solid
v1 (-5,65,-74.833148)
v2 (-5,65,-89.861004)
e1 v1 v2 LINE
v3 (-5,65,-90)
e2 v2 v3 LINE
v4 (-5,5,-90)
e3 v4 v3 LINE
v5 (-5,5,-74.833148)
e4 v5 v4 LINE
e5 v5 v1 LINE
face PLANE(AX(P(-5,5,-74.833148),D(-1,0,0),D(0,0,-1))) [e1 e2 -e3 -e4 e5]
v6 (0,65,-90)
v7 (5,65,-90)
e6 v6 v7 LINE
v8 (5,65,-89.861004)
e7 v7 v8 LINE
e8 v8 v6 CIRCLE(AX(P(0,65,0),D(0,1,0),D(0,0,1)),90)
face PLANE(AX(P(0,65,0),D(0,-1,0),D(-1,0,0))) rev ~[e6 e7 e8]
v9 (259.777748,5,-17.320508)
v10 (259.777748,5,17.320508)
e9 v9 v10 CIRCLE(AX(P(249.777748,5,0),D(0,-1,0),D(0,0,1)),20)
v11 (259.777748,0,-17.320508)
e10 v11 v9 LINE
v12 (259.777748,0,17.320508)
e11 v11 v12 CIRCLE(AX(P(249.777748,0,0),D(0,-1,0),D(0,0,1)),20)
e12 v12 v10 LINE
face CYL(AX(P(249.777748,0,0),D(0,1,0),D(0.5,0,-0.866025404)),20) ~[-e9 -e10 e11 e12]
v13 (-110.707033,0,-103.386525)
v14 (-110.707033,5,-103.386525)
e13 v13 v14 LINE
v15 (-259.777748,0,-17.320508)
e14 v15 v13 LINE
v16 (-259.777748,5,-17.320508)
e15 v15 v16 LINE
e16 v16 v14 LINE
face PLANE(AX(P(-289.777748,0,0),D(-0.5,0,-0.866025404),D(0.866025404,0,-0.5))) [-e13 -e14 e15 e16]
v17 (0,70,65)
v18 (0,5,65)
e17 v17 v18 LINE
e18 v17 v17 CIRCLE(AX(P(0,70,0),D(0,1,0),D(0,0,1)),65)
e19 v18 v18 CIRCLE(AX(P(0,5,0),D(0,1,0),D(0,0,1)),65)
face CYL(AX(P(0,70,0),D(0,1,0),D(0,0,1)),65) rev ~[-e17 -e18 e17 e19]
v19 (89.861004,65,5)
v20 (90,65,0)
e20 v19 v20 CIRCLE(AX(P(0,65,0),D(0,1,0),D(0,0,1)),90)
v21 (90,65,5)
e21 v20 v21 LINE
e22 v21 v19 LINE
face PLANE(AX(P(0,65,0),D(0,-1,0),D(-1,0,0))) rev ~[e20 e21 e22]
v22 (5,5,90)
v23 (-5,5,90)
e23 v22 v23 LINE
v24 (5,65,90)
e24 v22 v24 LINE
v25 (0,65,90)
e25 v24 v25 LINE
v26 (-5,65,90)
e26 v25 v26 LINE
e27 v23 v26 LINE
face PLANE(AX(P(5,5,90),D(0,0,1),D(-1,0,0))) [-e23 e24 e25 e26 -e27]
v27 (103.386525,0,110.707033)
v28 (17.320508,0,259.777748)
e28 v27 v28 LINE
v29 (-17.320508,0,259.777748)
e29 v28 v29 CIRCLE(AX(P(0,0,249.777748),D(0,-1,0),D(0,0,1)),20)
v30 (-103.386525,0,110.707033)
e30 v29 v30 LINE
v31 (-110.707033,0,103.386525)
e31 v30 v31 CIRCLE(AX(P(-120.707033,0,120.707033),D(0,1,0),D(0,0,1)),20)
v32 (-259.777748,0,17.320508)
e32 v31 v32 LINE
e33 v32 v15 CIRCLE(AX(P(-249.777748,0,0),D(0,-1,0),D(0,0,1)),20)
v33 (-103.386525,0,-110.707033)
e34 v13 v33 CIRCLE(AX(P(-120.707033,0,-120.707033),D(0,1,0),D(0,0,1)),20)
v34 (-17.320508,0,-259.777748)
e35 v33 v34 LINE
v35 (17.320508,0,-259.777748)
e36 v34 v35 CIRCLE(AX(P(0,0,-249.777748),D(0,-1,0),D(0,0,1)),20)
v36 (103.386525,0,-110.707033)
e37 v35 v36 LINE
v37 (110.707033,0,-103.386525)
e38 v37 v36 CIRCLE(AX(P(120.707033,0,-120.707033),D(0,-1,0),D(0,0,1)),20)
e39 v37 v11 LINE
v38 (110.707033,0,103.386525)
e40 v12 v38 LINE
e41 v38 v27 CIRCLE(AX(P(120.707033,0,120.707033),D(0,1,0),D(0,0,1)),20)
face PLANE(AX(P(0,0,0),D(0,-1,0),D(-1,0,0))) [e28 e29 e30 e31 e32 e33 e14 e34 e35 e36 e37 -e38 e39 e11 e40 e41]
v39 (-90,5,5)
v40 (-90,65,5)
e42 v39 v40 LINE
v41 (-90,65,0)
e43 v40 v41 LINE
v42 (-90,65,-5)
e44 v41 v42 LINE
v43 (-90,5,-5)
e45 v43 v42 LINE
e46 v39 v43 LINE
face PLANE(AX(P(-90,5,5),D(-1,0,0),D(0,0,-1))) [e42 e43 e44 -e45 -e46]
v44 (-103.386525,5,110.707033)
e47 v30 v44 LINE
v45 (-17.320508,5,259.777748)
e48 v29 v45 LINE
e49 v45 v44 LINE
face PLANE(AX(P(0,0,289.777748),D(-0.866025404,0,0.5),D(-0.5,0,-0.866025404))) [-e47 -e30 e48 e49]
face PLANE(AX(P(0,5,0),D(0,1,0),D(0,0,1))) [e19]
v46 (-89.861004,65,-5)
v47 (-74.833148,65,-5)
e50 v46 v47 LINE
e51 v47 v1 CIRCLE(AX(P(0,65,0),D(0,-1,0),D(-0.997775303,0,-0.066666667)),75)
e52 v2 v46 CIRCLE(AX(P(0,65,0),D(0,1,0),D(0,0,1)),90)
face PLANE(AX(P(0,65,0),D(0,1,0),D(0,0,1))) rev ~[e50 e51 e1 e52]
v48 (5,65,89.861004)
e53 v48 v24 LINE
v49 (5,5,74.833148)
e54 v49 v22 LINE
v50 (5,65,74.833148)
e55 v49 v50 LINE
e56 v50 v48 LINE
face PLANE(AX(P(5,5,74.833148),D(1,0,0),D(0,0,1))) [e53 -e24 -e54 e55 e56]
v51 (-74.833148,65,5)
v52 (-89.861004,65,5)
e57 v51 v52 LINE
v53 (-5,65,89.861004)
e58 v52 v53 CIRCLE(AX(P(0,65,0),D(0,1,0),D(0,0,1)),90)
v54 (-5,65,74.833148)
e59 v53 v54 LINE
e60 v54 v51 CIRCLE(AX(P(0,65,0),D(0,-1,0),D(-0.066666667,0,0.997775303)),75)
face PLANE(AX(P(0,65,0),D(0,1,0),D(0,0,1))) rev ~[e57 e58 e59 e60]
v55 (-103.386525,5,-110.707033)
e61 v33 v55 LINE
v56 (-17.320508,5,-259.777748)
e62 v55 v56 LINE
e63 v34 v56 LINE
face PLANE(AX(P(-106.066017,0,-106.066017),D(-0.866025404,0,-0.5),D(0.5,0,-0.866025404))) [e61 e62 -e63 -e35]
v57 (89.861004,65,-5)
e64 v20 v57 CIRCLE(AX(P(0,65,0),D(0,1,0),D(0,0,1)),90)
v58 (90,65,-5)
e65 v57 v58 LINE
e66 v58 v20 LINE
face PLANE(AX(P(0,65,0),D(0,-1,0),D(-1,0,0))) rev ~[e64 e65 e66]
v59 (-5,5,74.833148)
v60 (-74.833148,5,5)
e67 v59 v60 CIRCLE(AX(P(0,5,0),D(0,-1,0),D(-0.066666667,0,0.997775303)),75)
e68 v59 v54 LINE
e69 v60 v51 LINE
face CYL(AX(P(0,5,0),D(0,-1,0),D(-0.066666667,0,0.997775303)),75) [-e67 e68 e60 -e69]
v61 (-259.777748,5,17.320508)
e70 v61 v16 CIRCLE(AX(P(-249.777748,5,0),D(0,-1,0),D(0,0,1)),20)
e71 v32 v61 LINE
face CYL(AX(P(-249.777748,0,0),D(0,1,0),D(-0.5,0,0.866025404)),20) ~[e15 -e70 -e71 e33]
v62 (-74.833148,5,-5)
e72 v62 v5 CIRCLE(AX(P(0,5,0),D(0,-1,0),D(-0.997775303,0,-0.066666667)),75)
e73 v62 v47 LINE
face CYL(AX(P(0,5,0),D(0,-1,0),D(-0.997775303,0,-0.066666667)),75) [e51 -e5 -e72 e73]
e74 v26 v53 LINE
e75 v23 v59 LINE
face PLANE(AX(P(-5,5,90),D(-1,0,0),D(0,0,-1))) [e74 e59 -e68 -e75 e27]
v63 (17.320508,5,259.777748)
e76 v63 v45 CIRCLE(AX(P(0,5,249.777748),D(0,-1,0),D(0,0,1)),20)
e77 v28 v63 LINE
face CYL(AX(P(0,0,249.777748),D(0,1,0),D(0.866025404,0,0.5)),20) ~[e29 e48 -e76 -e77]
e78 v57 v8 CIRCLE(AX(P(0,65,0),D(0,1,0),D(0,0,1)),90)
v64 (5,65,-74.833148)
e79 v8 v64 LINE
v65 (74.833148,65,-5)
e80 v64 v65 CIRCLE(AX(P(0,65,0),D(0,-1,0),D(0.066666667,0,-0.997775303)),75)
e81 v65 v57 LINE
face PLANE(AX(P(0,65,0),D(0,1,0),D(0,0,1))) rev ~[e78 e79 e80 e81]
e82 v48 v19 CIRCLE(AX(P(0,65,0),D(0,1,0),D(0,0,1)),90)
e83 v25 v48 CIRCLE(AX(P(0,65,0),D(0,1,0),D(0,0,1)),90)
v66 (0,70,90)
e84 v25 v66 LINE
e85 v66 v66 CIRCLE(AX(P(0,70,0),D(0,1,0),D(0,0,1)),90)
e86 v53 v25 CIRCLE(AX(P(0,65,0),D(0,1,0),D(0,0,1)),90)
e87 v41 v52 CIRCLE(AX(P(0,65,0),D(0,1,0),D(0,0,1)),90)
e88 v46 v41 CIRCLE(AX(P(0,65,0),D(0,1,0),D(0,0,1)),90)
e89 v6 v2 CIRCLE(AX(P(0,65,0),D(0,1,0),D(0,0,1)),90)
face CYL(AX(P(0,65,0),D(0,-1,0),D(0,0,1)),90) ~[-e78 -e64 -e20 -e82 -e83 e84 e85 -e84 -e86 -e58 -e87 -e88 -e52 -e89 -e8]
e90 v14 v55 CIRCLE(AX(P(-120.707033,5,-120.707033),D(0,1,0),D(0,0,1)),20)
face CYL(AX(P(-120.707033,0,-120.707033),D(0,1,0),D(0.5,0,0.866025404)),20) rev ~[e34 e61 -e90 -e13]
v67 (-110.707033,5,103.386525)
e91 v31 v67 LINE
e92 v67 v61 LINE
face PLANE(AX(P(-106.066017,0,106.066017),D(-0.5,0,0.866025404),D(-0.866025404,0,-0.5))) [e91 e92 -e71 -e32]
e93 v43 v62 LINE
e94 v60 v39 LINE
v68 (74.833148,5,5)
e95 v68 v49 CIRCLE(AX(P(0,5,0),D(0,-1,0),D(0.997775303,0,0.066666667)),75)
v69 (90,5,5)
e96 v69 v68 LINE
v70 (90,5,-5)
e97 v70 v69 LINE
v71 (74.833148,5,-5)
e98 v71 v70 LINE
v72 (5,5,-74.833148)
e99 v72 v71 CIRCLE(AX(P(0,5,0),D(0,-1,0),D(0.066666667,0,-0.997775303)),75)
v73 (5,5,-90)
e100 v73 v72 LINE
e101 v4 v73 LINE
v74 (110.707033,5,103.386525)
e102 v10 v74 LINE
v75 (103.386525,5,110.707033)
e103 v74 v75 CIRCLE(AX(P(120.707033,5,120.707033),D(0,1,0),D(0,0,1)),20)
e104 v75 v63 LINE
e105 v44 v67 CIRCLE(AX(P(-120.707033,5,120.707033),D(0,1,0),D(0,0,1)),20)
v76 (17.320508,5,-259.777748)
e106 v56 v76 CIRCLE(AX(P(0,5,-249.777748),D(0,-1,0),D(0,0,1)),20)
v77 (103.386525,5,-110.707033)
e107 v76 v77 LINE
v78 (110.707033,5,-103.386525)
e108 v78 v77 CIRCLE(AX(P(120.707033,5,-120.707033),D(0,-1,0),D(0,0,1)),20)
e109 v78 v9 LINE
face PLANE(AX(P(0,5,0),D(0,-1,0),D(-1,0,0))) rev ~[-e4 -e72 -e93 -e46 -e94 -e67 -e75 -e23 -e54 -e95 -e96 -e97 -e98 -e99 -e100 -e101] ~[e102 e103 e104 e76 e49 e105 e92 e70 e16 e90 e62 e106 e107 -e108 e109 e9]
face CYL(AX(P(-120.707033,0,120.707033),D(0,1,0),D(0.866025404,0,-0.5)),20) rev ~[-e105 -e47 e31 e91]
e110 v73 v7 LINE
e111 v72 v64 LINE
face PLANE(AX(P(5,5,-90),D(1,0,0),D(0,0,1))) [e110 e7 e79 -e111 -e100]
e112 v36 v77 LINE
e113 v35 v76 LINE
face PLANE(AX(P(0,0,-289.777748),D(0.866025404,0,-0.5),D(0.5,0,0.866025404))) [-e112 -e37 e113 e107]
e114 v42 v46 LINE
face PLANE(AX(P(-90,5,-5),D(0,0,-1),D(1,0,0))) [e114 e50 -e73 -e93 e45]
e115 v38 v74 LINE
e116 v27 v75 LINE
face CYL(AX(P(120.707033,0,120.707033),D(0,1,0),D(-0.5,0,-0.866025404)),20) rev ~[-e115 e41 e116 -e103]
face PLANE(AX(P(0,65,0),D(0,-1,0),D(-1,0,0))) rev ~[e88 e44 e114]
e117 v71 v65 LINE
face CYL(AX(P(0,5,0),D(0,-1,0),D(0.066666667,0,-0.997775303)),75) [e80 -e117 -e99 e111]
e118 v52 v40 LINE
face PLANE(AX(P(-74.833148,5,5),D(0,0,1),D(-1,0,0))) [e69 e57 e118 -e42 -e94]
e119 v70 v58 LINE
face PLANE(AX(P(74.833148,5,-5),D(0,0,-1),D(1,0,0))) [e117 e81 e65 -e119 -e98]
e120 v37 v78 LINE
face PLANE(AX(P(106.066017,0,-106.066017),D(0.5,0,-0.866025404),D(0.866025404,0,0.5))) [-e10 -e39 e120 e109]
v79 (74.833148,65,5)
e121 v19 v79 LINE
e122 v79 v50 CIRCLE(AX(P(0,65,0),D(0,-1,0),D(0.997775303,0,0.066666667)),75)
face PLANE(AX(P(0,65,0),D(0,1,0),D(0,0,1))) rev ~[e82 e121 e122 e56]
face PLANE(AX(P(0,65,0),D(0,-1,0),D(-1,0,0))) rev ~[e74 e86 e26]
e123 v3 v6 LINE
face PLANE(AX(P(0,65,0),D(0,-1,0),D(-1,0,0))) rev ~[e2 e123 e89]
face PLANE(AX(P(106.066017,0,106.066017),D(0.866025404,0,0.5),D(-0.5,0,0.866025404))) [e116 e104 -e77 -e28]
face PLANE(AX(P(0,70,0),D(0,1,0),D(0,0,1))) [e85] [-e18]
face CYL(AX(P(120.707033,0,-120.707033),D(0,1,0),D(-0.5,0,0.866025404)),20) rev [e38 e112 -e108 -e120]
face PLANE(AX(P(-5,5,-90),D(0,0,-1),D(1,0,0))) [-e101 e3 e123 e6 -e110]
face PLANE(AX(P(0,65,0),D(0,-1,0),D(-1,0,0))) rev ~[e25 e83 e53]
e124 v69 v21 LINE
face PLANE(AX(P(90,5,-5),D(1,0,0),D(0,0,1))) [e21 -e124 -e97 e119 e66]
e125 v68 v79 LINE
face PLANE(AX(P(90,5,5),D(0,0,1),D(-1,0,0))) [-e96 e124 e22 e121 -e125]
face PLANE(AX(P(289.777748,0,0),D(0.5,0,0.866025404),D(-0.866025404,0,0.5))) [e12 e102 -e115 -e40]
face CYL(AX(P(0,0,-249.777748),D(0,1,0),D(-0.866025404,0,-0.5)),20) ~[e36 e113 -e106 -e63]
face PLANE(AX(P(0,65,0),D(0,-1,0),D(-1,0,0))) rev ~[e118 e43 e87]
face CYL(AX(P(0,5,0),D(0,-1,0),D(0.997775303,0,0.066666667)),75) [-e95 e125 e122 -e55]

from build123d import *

# Parameters (mm, degrees)
EXTRUIR1_DEPTH = 5
REDONDEO1_R    = 20
EXTRUIR3_DEPTH = 60
CROQUIS4_R     = 90
EXTRUIR4_DEPTH = 5
CROQUIS5_R     = 65
EXTRUIR5_DEPTH = 65


with BuildPart() as part:
    # Croquis1 → Extruir1 (new body)
    with BuildSketch(Plane(origin=(0, 0, 0), x_dir=(1, 0, 0), z_dir=(0, 1, 0))):
        Polygon((106.066017178, 106.066017178), (289.777747887, 0), (106.066017178, -106.066017178), (0, -289.777747887), (-106.066017178, -106.066017178), (-289.777747887, 0), (-106.066017178, 106.066017178), (0, 289.777747887), align=None)
    extrude(amount=EXTRUIR1_DEPTH)

    # Redondeo1
    redondeo1_edges = [part.edges().sort_by_distance(p)[0] for p in [
        (106.066017178, 2.5, -106.066017178),
        (289.777747887, 2.5, 0),
        (106.066017178, 2.5, 106.066017178),
        (0, 2.5, 289.777747887),
        (-106.066017178, 2.5, 106.066017178),
        (-289.777747887, 2.5, 0),
        (-106.066017178, 2.5, -106.066017178),
        (0, 2.5, -289.777747887),
    ]]
    fillet(redondeo1_edges, radius=REDONDEO1_R)

    # Croquis2 → Extruir3 (add)
    with BuildSketch(Plane(origin=(0, 5, 0), x_dir=(1, 0, 0), z_dir=(0, 1, 0))):
        with BuildLine():
            Line((74.833147735, 5), (90, 5))
            Line((90, 5), (90, -5))
            Line((90, -5), (74.833147735, -5))
            ThreePointArc((74.833147735, -5), (53.033008589, -53.033008589), (5, -74.833147735))
            Line((5, -74.833147735), (5, -90))
            Line((5, -90), (-5, -90))
            Line((-5, -90), (-5, -74.833147735))
            ThreePointArc((-5, -74.833147735), (-53.033008589, -53.033008589), (-74.833147735, -5))
            Line((-74.833147735, -5), (-90, -5))
            Line((-90, -5), (-90, 5))
            Line((-90, 5), (-74.833147735, 5))
            ThreePointArc((-74.833147735, 5), (-53.033008589, 53.033008589), (-5, 74.833147735))
            Line((-5, 74.833147735), (-5, 90))
            Line((-5, 90), (5, 90))
            Line((5, 90), (5, 74.833147735))
            ThreePointArc((5, 74.833147735), (53.033008589, 53.033008589), (74.833147735, 5))
        make_face()
    extrude(amount=EXTRUIR3_DEPTH)

    # Croquis4 → Extruir4 (add)
    with BuildSketch(Plane(origin=(0, 65, 0), x_dir=(1, 0, 0), z_dir=(0, 1, 0))):
        with Locations(Location((0, 0, 0), (0, 0, 270))):
            Circle(CROQUIS4_R)
    extrude(amount=EXTRUIR4_DEPTH)

    # Croquis5 → Extruir5 (cut)
    with BuildSketch(Plane(origin=(0, 70, 0), x_dir=(1, 0, 0), z_dir=(0, 1, 0))):
        with Locations(Location((0, 0, 0), (0, 0, 270))):
            Circle(CROQUIS5_R)
    extrude(amount=-EXTRUIR5_DEPTH, mode=Mode.SUBTRACT)


solid = part.part
